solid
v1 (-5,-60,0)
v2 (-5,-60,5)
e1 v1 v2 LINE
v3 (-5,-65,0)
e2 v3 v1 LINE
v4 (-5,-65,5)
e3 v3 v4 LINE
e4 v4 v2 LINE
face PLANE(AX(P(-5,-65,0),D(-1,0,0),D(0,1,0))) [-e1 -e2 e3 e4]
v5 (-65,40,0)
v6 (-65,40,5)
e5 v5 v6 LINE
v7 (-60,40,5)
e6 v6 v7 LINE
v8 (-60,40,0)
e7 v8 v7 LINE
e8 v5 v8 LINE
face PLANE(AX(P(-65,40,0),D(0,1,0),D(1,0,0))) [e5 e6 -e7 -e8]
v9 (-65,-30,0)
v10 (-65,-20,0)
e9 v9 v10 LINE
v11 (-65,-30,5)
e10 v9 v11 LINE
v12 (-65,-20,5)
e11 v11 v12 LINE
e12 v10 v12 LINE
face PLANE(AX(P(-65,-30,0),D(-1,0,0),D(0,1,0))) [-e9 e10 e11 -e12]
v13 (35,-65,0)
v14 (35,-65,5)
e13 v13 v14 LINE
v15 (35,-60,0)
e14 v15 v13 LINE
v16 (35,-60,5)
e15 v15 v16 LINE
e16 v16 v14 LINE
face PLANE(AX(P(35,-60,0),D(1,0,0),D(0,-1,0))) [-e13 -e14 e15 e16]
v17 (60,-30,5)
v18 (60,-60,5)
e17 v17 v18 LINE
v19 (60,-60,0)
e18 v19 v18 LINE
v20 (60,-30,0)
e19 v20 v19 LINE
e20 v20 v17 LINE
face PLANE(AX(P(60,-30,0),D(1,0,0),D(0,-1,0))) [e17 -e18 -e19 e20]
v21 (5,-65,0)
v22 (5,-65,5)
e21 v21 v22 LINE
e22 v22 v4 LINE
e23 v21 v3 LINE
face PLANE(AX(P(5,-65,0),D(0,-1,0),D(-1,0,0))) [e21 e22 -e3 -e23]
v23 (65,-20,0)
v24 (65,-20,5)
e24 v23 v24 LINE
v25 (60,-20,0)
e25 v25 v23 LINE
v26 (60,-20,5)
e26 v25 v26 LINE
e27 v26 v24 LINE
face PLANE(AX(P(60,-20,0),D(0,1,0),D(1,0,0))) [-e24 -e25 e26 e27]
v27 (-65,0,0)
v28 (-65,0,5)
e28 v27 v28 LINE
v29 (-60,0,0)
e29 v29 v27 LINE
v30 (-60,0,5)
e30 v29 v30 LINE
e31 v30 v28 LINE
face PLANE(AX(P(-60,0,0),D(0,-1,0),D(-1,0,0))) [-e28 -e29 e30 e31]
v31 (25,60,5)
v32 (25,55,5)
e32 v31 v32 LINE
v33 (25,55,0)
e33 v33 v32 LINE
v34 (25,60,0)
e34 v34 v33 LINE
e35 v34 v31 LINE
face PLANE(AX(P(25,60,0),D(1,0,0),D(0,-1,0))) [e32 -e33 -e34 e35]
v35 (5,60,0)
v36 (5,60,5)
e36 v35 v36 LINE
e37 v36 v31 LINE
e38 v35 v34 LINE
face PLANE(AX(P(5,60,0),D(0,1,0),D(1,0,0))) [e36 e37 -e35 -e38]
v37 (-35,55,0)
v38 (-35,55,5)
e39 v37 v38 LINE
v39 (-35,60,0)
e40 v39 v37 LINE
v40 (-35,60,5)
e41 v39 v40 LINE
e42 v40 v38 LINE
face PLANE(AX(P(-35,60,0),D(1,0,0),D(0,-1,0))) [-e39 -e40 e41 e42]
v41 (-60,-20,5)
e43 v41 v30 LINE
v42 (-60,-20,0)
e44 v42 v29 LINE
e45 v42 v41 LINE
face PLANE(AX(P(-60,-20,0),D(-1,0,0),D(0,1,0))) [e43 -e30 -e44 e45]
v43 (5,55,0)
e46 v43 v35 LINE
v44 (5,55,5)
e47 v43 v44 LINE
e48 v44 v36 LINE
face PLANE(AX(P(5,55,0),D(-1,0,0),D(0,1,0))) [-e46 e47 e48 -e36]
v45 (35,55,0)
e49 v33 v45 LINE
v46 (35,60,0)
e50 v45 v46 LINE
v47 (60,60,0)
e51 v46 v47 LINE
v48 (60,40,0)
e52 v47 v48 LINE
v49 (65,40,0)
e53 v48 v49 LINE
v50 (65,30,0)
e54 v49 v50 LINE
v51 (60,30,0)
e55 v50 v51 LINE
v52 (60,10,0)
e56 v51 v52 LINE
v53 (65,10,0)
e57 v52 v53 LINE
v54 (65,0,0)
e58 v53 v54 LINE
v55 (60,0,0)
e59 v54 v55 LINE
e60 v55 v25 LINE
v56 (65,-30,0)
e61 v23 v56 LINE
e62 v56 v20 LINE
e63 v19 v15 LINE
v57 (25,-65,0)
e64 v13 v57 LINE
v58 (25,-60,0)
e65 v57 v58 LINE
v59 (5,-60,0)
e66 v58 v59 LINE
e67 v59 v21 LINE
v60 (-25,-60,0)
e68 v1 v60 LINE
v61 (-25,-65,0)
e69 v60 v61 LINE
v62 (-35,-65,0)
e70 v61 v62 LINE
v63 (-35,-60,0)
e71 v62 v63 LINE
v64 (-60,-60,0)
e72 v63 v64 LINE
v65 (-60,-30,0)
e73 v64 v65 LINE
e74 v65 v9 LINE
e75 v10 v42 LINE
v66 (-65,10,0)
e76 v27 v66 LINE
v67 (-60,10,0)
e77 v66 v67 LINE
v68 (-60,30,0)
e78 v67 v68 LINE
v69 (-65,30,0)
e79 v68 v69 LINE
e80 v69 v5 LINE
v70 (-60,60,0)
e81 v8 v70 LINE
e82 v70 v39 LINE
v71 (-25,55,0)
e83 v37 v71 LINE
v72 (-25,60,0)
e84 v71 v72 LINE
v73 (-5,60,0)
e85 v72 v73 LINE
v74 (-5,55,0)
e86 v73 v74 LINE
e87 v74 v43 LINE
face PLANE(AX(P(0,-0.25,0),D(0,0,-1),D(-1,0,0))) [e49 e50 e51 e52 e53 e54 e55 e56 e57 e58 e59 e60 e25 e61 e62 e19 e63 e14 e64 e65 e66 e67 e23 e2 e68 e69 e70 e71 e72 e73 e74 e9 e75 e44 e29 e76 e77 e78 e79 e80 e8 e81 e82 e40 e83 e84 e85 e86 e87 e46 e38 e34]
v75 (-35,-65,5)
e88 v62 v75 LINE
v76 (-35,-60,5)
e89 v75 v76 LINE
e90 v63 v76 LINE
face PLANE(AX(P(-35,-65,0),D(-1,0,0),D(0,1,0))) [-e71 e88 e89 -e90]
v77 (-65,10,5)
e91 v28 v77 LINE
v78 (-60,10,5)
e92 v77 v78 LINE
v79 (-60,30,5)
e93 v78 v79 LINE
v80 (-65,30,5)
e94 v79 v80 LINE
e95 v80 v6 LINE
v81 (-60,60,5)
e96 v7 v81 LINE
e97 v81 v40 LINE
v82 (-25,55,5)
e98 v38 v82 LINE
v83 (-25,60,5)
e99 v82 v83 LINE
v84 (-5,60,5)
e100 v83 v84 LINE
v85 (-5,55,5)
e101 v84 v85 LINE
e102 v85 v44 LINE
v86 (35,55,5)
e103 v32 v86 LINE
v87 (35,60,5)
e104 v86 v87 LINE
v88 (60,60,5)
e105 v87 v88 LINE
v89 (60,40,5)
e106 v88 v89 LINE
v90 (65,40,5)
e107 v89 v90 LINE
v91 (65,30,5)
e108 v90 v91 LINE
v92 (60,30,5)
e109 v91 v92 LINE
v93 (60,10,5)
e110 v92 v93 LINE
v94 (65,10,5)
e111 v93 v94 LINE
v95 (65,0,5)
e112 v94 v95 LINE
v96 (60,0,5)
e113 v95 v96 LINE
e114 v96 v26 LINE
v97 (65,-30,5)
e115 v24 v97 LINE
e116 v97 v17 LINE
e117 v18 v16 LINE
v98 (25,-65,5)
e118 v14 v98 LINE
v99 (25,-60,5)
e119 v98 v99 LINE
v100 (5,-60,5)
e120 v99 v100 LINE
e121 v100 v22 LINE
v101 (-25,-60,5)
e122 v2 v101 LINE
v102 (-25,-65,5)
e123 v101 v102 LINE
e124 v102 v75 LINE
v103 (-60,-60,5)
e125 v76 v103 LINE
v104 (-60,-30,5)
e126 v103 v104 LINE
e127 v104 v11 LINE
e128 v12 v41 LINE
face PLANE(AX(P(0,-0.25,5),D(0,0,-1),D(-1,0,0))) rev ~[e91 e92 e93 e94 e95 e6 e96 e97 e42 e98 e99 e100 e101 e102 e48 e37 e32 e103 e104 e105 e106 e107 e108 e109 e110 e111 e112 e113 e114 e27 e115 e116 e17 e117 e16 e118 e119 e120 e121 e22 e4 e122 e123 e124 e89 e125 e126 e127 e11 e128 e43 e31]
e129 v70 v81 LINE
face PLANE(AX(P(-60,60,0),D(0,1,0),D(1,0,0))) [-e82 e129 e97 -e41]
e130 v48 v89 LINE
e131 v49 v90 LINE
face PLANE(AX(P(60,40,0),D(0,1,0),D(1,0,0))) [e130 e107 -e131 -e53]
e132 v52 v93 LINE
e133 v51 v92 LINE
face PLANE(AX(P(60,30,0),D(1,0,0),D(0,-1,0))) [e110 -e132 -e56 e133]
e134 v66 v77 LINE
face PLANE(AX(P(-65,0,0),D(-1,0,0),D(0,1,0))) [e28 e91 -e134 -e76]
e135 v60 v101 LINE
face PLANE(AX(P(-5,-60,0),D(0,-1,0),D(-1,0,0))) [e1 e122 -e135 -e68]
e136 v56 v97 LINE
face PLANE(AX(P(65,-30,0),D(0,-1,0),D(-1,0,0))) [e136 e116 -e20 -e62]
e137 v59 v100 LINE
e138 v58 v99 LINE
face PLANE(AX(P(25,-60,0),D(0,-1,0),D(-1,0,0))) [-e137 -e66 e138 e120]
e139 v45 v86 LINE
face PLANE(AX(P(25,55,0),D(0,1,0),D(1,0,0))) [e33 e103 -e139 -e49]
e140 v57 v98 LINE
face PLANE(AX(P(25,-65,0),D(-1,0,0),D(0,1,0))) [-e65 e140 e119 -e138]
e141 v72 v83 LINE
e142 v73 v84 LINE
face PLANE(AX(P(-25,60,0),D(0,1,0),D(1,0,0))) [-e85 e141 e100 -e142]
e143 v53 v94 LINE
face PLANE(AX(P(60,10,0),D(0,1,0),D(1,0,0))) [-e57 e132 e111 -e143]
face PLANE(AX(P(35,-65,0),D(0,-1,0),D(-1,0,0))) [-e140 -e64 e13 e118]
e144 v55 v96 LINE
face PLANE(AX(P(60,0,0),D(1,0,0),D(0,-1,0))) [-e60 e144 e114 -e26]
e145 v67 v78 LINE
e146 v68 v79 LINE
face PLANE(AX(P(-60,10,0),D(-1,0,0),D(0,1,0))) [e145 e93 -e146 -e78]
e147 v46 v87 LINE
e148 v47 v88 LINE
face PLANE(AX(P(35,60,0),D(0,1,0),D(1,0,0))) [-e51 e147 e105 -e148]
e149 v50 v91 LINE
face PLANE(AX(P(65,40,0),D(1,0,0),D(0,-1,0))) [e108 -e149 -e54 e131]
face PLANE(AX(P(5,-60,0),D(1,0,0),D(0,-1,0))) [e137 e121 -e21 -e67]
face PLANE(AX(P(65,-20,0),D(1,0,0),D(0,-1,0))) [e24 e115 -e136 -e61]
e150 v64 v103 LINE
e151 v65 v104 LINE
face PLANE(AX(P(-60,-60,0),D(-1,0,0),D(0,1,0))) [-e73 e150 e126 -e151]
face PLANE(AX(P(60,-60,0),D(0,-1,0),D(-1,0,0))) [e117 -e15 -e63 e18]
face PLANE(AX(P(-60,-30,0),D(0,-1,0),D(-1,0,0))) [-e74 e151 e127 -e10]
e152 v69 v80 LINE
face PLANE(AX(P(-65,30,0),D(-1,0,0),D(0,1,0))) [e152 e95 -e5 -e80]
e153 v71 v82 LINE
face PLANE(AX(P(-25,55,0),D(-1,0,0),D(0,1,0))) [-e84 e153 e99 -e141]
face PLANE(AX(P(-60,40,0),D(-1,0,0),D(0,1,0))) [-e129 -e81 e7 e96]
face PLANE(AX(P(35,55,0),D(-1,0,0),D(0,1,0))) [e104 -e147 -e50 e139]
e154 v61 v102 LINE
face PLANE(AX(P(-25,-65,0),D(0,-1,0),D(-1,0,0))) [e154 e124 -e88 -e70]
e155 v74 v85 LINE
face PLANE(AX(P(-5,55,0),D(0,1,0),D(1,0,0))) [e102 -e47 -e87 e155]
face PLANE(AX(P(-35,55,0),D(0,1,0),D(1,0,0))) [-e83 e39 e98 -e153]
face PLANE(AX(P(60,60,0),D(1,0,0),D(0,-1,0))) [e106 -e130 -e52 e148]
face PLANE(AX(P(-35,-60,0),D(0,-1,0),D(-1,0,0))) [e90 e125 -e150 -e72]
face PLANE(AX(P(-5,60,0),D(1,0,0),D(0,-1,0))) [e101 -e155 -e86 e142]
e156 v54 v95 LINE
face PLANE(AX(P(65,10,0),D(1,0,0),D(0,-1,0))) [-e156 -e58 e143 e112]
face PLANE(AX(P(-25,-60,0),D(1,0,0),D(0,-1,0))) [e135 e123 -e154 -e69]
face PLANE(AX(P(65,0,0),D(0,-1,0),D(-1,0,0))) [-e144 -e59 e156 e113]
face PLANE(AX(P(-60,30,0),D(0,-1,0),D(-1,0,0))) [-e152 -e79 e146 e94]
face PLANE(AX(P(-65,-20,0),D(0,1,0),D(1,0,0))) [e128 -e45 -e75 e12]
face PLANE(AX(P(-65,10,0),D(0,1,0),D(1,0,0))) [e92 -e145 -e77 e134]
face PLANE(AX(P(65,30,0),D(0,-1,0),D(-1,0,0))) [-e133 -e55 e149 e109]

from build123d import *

# Parameters (mm, degrees)
BOSS_EXTRUDE1_DEPTH = 5


with BuildPart() as part:
    # Sketch1 → Boss-Extrude1 (new body)
    with BuildSketch(Plane.XY):
        Polygon((-35, 60), (-35, 55), (-25, 55), (-25, 60), (-5, 60), (-5, 55), (5, 55), (5, 60), (25, 60), (25, 55), (35, 55), (35, 60), (60, 60), (60, 40), (65, 40), (65, 30), (60, 30), (60, 10), (65, 10), (65, 0), (60, 0), (60, -20), (65, -20), (65, -30), (60, -30), (60, -60), (35, -60), (35, -65), (25, -65), (25, -60), (5, -60), (5, -65), (-5, -65), (-5, -60), (-25, -60), (-25, -65), (-35, -65), (-35, -60), (-60, -60), (-60, -30), (-65, -30), (-65, -20), (-60, -20), (-60, 0), (-65, 0), (-65, 10), (-60, 10), (-60, 30), (-65, 30), (-65, 40), (-60, 40), (-60, 60), align=None)
    extrude(amount=BOSS_EXTRUDE1_DEPTH)


solid = part.part
